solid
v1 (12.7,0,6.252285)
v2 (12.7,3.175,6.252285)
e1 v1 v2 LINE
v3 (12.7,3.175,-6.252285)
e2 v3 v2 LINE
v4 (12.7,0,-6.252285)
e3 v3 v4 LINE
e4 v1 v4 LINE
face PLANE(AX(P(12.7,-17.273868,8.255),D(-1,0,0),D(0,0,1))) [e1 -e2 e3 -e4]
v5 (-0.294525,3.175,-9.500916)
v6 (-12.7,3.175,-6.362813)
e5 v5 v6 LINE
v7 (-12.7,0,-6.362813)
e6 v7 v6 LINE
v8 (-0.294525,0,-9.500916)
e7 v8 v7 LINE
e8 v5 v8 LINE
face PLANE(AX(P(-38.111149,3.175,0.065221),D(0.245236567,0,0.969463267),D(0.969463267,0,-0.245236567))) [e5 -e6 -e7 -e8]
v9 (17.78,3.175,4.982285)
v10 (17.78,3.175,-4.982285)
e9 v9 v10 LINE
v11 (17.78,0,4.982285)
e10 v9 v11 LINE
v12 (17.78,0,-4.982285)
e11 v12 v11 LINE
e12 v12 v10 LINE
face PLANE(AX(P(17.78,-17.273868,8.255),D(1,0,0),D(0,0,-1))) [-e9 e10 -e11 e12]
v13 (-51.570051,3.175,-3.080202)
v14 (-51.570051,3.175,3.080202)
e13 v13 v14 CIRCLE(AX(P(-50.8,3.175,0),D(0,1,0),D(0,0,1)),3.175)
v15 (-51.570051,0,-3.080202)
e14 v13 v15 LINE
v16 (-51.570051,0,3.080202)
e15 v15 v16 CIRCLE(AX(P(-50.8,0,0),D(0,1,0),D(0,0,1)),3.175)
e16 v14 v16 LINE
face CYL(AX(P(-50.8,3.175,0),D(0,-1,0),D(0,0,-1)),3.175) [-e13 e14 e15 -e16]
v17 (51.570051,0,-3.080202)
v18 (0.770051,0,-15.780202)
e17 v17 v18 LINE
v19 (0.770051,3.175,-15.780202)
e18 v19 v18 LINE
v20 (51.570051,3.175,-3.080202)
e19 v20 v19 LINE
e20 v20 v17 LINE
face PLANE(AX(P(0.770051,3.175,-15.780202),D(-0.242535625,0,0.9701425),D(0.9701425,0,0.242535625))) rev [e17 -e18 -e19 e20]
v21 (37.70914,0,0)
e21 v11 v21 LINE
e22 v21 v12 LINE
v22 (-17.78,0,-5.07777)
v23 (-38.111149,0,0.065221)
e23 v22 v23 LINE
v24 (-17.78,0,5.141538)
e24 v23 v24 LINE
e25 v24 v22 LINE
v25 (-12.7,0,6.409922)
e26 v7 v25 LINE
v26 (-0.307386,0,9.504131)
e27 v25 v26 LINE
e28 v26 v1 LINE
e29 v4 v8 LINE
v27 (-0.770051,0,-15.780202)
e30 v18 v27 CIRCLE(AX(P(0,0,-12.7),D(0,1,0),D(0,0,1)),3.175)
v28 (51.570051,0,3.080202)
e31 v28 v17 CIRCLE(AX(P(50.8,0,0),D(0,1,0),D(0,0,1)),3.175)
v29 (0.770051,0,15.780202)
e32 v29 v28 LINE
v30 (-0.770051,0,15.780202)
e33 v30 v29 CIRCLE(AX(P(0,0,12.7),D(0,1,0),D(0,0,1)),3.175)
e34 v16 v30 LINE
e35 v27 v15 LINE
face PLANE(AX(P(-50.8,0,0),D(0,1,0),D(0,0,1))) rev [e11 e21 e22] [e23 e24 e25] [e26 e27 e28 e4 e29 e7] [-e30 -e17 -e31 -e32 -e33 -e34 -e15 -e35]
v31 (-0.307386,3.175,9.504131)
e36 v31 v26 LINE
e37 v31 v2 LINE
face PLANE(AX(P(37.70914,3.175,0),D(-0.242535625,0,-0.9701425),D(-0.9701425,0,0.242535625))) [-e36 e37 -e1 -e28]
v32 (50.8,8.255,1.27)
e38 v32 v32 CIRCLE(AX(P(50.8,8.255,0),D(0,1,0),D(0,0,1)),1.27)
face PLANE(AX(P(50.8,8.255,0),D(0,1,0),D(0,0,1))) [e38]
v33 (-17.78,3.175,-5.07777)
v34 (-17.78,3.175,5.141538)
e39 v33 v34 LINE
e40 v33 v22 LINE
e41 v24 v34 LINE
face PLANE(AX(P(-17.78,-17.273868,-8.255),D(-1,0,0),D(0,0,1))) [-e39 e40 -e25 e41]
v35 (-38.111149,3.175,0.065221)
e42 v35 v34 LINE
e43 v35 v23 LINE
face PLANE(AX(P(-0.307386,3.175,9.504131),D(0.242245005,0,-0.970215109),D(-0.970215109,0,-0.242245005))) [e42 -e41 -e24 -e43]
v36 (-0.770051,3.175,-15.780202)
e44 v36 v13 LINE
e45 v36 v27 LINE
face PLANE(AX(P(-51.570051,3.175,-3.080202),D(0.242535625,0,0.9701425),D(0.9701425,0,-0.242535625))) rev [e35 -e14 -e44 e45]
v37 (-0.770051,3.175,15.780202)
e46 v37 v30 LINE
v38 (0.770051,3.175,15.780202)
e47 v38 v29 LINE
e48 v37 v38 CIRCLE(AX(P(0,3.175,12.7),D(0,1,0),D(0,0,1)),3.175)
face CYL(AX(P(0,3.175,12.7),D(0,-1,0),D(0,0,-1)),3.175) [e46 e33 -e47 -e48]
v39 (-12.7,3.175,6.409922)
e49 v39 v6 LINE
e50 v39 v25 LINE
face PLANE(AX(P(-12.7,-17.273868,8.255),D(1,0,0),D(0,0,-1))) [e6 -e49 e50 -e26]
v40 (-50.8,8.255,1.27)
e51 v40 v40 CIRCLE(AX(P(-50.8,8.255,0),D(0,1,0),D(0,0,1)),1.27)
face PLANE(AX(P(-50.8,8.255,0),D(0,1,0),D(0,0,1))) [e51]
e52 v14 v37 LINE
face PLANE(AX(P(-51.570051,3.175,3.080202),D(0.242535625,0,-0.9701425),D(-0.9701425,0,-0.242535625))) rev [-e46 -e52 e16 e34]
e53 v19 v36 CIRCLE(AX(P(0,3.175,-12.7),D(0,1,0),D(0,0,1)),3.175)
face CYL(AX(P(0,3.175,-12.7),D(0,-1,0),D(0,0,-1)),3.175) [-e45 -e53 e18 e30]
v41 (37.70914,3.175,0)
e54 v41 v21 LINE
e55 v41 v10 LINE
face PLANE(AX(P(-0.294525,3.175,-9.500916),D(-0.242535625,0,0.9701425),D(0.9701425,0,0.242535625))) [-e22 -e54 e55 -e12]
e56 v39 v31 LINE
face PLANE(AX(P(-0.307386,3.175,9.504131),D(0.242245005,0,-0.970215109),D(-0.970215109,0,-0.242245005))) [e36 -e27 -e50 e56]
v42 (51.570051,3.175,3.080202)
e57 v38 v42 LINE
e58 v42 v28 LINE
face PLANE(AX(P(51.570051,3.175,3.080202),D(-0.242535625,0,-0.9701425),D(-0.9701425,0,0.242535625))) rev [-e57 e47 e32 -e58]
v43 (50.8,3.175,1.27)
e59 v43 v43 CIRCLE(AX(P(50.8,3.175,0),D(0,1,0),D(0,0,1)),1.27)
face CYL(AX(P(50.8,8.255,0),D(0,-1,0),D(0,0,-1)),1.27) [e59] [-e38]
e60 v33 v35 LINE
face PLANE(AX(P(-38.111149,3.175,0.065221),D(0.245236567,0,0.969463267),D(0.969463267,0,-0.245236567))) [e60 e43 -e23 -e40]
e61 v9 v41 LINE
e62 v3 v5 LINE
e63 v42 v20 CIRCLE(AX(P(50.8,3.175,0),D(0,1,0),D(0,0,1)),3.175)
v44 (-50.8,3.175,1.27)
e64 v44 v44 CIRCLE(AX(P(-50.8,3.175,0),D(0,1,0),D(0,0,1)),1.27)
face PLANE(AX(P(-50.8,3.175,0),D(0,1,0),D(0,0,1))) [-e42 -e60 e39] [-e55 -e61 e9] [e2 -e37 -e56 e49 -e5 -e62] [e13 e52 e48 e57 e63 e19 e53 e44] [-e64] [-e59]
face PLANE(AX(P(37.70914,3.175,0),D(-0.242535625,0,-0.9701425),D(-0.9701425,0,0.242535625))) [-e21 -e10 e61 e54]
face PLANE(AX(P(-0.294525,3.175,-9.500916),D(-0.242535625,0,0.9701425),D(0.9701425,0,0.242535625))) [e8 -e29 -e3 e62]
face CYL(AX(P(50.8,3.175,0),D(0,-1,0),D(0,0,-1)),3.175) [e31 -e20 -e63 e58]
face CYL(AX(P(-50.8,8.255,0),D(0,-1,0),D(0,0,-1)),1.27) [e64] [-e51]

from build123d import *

# Parameters (mm, degrees)
BOSS_EXTRUDE1_DEPTH = 3.175
SKETCH5_R           = 1.27
BOSS_EXTRUDE2_DEPTH = 5.08
SKETCH6_R           = 1.27
BOSS_EXTRUDE3_DEPTH = 5.08
SKETCH10_W          = 5.08
SKETCH10_H          = 16.51
BOSS_EXTRUDE6_DEPTH = 3.175


with BuildPart() as part:
    # Sketch2 → Boss-Extrude1 (new body)
    with BuildSketch(Plane(origin=(0, 0, 0), x_dir=(1, 0, 0), z_dir=(0, 1, 0))):
        with BuildLine():
            Line((-51.57005061, 3.080202438), (-0.770050609, 15.780202438))
            ThreePointArc((-0.770050609, 15.780202438), (0, 15.875), (0.770050609, 15.780202438))
            Line((0.770050609, 15.780202438), (51.57005061, 3.080202438))
            ThreePointArc((51.57005061, 3.080202438), (53.975, 0), (51.57005061, -3.080202438))
            Line((51.57005061, -3.080202438), (0.770050609, -15.780202438))
            ThreePointArc((0.770050609, -15.780202438), (0, -15.875), (-0.770050609, -15.780202438))
            Line((-0.770050609, -15.780202438), (-51.57005061, -3.080202438))
            ThreePointArc((-51.57005061, -3.080202438), (-53.975, 0), (-51.57005061, 3.080202438))
        make_face()
        Polygon((37.709139639, 0), (-0.307385689, -9.504131332), (-38.111149392, -0.065221488), (-0.294525174, 9.500916203), align=None, mode=Mode.SUBTRACT)
    extrude(amount=BOSS_EXTRUDE1_DEPTH)

    # Sketch5 → Boss-Extrude2 (add)
    with BuildSketch(Plane(origin=(0, 3.175, 0), x_dir=(1, 0, 0), z_dir=(0, 1, 0))):
        with Locations(Location((-50.8, 0, 0), (0, 0, 270))):
            Circle(SKETCH5_R)
    extrude(amount=BOSS_EXTRUDE2_DEPTH)

    # Sketch6 → Boss-Extrude3 (add)
    with BuildSketch(Plane(origin=(0, 3.175, 0), x_dir=(1, 0, 0), z_dir=(0, 1, 0))):
        with Locations(Location((50.8, 0, 0), (0, 0, 270))):
            Circle(SKETCH6_R)
    extrude(amount=BOSS_EXTRUDE3_DEPTH)

    # Sketch10 → Boss-Extrude6 (add)
    with BuildSketch(Plane(origin=(0, 3.175, 0), x_dir=(1, 0, 0), z_dir=(0, 1, 0))):
        with Locations((-15.24, 0)):
            Rectangle(SKETCH10_W, SKETCH10_H)
        with Locations((15.24, 0)):
            Rectangle(SKETCH10_W, SKETCH10_H)
    extrude(amount=-BOSS_EXTRUDE6_DEPTH)


solid = part.part
